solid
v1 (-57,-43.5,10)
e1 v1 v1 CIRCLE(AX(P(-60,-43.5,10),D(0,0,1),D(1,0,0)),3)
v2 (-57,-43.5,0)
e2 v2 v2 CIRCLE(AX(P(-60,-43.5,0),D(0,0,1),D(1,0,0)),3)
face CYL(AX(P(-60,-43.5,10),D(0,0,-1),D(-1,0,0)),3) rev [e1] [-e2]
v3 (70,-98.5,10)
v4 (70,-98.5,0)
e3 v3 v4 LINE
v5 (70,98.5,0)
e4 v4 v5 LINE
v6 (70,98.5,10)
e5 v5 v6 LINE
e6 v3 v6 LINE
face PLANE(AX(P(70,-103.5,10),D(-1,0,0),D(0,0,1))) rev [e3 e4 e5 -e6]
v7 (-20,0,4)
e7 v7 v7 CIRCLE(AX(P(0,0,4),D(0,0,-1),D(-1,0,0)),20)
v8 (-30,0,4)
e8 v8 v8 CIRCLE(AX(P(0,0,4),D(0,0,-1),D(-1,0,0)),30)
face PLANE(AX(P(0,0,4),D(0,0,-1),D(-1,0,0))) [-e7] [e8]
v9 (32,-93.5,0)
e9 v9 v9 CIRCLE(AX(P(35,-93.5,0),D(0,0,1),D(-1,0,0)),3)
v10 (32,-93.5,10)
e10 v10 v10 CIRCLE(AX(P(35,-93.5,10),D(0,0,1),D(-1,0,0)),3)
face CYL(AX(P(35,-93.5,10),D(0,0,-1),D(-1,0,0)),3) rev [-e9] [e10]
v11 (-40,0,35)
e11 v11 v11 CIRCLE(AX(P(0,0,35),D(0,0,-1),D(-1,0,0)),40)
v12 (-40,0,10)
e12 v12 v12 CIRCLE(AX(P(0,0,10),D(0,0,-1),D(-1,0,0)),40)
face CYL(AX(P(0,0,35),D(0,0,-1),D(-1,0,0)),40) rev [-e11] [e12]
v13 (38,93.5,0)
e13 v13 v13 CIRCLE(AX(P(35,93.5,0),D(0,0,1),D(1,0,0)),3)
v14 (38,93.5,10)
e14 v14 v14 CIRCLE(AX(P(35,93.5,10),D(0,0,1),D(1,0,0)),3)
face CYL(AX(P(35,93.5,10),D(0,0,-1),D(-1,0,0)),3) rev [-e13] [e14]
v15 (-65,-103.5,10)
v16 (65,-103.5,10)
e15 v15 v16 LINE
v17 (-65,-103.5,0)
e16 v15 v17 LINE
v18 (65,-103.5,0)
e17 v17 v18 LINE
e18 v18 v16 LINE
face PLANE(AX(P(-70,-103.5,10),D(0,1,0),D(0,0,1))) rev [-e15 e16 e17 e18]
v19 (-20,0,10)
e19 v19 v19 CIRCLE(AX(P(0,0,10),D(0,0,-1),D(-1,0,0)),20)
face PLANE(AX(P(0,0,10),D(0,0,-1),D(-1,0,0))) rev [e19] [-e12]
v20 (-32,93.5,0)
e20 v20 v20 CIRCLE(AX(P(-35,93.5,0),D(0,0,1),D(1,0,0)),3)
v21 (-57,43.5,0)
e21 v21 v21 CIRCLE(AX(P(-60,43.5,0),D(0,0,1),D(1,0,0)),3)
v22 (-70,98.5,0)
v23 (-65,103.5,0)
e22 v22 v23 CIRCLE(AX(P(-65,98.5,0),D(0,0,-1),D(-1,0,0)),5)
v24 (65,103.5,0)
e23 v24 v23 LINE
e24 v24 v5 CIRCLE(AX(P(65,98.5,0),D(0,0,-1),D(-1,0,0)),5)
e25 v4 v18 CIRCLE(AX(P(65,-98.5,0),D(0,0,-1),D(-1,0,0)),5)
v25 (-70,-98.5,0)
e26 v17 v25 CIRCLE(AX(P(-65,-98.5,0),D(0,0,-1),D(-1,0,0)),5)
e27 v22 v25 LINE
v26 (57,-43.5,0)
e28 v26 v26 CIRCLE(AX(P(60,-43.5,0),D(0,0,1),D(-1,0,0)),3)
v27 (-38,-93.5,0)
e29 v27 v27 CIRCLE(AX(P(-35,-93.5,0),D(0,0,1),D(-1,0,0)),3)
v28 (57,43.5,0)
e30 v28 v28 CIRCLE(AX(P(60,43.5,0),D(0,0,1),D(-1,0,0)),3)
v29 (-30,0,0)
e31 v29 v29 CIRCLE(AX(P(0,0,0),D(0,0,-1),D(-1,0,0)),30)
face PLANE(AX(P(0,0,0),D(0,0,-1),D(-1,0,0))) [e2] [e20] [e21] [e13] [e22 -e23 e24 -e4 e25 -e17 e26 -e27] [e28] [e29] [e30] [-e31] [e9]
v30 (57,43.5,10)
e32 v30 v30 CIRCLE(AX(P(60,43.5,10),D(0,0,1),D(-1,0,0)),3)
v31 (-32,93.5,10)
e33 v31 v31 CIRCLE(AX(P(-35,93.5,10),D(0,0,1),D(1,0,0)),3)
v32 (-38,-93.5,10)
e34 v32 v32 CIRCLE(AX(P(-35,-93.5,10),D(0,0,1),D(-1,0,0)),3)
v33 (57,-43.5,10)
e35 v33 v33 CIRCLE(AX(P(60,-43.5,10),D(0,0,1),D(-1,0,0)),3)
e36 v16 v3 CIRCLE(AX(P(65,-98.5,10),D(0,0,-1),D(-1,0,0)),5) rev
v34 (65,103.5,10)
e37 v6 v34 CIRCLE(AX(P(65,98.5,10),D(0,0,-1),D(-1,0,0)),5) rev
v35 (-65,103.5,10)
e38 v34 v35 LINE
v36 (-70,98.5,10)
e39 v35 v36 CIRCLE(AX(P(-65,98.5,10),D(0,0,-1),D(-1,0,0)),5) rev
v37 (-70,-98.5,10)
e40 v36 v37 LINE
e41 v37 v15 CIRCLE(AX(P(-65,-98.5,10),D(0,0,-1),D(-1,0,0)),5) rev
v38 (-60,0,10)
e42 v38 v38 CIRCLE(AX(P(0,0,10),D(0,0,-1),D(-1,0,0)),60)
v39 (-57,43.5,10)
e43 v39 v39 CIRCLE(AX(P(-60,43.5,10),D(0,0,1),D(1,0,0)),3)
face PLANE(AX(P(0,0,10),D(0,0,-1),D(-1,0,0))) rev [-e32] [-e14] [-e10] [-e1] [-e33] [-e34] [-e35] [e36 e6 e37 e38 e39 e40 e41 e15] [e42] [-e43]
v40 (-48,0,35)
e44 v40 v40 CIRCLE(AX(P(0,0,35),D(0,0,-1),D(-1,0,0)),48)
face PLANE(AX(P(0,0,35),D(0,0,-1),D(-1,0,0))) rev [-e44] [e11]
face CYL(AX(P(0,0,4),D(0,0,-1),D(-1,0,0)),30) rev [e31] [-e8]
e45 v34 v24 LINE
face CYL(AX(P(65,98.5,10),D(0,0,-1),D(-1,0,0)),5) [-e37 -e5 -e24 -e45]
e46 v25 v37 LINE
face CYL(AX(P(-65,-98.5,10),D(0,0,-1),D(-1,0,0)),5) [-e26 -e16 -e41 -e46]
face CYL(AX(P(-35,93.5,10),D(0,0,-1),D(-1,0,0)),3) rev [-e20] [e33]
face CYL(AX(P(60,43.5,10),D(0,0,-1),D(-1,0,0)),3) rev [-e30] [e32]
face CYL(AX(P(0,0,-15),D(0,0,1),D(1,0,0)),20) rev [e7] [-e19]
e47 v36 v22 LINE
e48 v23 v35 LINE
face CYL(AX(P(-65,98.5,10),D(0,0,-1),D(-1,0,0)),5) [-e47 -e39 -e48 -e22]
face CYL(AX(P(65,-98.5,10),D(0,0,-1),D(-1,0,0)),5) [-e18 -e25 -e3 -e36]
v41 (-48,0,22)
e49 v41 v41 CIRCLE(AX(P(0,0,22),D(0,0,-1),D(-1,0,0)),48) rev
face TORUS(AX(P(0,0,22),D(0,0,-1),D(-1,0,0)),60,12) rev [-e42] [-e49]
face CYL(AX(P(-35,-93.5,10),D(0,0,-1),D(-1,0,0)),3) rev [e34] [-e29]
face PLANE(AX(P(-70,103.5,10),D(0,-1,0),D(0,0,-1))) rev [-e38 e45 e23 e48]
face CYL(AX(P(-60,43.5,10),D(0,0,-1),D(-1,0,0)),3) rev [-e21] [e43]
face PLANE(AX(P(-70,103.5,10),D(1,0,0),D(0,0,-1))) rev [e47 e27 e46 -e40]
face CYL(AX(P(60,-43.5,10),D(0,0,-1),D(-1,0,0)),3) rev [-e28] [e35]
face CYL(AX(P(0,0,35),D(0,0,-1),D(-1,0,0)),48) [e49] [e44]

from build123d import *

# Parameters (mm, degrees)
SKETCH1_W           = 140
SKETCH1_H           = 207
SKETCH1_R           = 3
BOSS_EXTRUDE1_DEPTH = 10
SKETCH2_R           = 48
SKETCH2_R_2         = 40
BOSS_EXTRUDE2_DEPTH = 25
SKETCH3_R           = 20
CUT_EXTRUDE1_DEPTH  = 25
FILLET1_R           = 5
SKETCH4_R           = 30
CUT_EXTRUDE2_DEPTH  = 4
FILLET2_R           = 12


with BuildPart() as part:
    # Sketch1 → Boss-Extrude1 (new body)
    with BuildSketch(Plane.XY):
        Rectangle(SKETCH1_W, SKETCH1_H)
        with Locations((-35, 93.5)):
            Circle(SKETCH1_R, mode=Mode.SUBTRACT)
        with Locations((35, 93.5)):
            Circle(SKETCH1_R, mode=Mode.SUBTRACT)
        with Locations(Location((35, -93.5, 0), (0, 0, 180))):
            Circle(SKETCH1_R, mode=Mode.SUBTRACT)
        with Locations(Location((-35, -93.5, 0), (0, 0, 180))):
            Circle(SKETCH1_R, mode=Mode.SUBTRACT)
        with Locations((-60, -43.5)):
            Circle(SKETCH1_R, mode=Mode.SUBTRACT)
        with Locations((-60, 43.5)):
            Circle(SKETCH1_R, mode=Mode.SUBTRACT)
        with Locations(Location((60, 43.5, 0), (0, 0, 180))):
            Circle(SKETCH1_R, mode=Mode.SUBTRACT)
        with Locations(Location((60, -43.5, 0), (0, 0, 180))):
            Circle(SKETCH1_R, mode=Mode.SUBTRACT)
    extrude(amount=BOSS_EXTRUDE1_DEPTH)

    # Sketch2 → Boss-Extrude2 (add)
    with BuildSketch(Plane.XY.offset(10)):
        with Locations(Location((0, 0, 0), (0, 0, 180))):
            Circle(SKETCH2_R)
        with Locations(Location((0, 0, 0), (0, 0, 180))):
            Circle(SKETCH2_R_2, mode=Mode.SUBTRACT)
    extrude(amount=BOSS_EXTRUDE2_DEPTH)

    # Sketch3 → Cut-Extrude1 (cut)
    with BuildSketch(Plane.XY.offset(10)):
        with Locations(Location((0, 0, 0), (0, 0, 180))):
            Circle(SKETCH3_R)
    extrude(amount=-CUT_EXTRUDE1_DEPTH, mode=Mode.SUBTRACT)

    # Fillet1
    fillet1_edges = [part.edges().sort_by_distance(p)[0] for p in [
        (70, -103.5, 5),
        (-70, -103.5, 5),
        (-70, 103.5, 5),
        (70, 103.5, 5),
    ]]
    fillet(fillet1_edges, radius=FILLET1_R)

    # Sketch4 → Cut-Extrude2 (cut)
    with BuildSketch(Plane(origin=(0, 0, 0), x_dir=(-1, 0, 0), z_dir=(0, 0, -1))):
        Circle(SKETCH4_R)
    extrude(amount=-CUT_EXTRUDE2_DEPTH, mode=Mode.SUBTRACT)

    # Fillet2
    fillet2_edges = [part.edges().sort_by_distance(p)[0] for p in [
        (48, 0, 10),
    ]]
    fillet(fillet2_edges, radius=FILLET2_R)


solid = part.part
